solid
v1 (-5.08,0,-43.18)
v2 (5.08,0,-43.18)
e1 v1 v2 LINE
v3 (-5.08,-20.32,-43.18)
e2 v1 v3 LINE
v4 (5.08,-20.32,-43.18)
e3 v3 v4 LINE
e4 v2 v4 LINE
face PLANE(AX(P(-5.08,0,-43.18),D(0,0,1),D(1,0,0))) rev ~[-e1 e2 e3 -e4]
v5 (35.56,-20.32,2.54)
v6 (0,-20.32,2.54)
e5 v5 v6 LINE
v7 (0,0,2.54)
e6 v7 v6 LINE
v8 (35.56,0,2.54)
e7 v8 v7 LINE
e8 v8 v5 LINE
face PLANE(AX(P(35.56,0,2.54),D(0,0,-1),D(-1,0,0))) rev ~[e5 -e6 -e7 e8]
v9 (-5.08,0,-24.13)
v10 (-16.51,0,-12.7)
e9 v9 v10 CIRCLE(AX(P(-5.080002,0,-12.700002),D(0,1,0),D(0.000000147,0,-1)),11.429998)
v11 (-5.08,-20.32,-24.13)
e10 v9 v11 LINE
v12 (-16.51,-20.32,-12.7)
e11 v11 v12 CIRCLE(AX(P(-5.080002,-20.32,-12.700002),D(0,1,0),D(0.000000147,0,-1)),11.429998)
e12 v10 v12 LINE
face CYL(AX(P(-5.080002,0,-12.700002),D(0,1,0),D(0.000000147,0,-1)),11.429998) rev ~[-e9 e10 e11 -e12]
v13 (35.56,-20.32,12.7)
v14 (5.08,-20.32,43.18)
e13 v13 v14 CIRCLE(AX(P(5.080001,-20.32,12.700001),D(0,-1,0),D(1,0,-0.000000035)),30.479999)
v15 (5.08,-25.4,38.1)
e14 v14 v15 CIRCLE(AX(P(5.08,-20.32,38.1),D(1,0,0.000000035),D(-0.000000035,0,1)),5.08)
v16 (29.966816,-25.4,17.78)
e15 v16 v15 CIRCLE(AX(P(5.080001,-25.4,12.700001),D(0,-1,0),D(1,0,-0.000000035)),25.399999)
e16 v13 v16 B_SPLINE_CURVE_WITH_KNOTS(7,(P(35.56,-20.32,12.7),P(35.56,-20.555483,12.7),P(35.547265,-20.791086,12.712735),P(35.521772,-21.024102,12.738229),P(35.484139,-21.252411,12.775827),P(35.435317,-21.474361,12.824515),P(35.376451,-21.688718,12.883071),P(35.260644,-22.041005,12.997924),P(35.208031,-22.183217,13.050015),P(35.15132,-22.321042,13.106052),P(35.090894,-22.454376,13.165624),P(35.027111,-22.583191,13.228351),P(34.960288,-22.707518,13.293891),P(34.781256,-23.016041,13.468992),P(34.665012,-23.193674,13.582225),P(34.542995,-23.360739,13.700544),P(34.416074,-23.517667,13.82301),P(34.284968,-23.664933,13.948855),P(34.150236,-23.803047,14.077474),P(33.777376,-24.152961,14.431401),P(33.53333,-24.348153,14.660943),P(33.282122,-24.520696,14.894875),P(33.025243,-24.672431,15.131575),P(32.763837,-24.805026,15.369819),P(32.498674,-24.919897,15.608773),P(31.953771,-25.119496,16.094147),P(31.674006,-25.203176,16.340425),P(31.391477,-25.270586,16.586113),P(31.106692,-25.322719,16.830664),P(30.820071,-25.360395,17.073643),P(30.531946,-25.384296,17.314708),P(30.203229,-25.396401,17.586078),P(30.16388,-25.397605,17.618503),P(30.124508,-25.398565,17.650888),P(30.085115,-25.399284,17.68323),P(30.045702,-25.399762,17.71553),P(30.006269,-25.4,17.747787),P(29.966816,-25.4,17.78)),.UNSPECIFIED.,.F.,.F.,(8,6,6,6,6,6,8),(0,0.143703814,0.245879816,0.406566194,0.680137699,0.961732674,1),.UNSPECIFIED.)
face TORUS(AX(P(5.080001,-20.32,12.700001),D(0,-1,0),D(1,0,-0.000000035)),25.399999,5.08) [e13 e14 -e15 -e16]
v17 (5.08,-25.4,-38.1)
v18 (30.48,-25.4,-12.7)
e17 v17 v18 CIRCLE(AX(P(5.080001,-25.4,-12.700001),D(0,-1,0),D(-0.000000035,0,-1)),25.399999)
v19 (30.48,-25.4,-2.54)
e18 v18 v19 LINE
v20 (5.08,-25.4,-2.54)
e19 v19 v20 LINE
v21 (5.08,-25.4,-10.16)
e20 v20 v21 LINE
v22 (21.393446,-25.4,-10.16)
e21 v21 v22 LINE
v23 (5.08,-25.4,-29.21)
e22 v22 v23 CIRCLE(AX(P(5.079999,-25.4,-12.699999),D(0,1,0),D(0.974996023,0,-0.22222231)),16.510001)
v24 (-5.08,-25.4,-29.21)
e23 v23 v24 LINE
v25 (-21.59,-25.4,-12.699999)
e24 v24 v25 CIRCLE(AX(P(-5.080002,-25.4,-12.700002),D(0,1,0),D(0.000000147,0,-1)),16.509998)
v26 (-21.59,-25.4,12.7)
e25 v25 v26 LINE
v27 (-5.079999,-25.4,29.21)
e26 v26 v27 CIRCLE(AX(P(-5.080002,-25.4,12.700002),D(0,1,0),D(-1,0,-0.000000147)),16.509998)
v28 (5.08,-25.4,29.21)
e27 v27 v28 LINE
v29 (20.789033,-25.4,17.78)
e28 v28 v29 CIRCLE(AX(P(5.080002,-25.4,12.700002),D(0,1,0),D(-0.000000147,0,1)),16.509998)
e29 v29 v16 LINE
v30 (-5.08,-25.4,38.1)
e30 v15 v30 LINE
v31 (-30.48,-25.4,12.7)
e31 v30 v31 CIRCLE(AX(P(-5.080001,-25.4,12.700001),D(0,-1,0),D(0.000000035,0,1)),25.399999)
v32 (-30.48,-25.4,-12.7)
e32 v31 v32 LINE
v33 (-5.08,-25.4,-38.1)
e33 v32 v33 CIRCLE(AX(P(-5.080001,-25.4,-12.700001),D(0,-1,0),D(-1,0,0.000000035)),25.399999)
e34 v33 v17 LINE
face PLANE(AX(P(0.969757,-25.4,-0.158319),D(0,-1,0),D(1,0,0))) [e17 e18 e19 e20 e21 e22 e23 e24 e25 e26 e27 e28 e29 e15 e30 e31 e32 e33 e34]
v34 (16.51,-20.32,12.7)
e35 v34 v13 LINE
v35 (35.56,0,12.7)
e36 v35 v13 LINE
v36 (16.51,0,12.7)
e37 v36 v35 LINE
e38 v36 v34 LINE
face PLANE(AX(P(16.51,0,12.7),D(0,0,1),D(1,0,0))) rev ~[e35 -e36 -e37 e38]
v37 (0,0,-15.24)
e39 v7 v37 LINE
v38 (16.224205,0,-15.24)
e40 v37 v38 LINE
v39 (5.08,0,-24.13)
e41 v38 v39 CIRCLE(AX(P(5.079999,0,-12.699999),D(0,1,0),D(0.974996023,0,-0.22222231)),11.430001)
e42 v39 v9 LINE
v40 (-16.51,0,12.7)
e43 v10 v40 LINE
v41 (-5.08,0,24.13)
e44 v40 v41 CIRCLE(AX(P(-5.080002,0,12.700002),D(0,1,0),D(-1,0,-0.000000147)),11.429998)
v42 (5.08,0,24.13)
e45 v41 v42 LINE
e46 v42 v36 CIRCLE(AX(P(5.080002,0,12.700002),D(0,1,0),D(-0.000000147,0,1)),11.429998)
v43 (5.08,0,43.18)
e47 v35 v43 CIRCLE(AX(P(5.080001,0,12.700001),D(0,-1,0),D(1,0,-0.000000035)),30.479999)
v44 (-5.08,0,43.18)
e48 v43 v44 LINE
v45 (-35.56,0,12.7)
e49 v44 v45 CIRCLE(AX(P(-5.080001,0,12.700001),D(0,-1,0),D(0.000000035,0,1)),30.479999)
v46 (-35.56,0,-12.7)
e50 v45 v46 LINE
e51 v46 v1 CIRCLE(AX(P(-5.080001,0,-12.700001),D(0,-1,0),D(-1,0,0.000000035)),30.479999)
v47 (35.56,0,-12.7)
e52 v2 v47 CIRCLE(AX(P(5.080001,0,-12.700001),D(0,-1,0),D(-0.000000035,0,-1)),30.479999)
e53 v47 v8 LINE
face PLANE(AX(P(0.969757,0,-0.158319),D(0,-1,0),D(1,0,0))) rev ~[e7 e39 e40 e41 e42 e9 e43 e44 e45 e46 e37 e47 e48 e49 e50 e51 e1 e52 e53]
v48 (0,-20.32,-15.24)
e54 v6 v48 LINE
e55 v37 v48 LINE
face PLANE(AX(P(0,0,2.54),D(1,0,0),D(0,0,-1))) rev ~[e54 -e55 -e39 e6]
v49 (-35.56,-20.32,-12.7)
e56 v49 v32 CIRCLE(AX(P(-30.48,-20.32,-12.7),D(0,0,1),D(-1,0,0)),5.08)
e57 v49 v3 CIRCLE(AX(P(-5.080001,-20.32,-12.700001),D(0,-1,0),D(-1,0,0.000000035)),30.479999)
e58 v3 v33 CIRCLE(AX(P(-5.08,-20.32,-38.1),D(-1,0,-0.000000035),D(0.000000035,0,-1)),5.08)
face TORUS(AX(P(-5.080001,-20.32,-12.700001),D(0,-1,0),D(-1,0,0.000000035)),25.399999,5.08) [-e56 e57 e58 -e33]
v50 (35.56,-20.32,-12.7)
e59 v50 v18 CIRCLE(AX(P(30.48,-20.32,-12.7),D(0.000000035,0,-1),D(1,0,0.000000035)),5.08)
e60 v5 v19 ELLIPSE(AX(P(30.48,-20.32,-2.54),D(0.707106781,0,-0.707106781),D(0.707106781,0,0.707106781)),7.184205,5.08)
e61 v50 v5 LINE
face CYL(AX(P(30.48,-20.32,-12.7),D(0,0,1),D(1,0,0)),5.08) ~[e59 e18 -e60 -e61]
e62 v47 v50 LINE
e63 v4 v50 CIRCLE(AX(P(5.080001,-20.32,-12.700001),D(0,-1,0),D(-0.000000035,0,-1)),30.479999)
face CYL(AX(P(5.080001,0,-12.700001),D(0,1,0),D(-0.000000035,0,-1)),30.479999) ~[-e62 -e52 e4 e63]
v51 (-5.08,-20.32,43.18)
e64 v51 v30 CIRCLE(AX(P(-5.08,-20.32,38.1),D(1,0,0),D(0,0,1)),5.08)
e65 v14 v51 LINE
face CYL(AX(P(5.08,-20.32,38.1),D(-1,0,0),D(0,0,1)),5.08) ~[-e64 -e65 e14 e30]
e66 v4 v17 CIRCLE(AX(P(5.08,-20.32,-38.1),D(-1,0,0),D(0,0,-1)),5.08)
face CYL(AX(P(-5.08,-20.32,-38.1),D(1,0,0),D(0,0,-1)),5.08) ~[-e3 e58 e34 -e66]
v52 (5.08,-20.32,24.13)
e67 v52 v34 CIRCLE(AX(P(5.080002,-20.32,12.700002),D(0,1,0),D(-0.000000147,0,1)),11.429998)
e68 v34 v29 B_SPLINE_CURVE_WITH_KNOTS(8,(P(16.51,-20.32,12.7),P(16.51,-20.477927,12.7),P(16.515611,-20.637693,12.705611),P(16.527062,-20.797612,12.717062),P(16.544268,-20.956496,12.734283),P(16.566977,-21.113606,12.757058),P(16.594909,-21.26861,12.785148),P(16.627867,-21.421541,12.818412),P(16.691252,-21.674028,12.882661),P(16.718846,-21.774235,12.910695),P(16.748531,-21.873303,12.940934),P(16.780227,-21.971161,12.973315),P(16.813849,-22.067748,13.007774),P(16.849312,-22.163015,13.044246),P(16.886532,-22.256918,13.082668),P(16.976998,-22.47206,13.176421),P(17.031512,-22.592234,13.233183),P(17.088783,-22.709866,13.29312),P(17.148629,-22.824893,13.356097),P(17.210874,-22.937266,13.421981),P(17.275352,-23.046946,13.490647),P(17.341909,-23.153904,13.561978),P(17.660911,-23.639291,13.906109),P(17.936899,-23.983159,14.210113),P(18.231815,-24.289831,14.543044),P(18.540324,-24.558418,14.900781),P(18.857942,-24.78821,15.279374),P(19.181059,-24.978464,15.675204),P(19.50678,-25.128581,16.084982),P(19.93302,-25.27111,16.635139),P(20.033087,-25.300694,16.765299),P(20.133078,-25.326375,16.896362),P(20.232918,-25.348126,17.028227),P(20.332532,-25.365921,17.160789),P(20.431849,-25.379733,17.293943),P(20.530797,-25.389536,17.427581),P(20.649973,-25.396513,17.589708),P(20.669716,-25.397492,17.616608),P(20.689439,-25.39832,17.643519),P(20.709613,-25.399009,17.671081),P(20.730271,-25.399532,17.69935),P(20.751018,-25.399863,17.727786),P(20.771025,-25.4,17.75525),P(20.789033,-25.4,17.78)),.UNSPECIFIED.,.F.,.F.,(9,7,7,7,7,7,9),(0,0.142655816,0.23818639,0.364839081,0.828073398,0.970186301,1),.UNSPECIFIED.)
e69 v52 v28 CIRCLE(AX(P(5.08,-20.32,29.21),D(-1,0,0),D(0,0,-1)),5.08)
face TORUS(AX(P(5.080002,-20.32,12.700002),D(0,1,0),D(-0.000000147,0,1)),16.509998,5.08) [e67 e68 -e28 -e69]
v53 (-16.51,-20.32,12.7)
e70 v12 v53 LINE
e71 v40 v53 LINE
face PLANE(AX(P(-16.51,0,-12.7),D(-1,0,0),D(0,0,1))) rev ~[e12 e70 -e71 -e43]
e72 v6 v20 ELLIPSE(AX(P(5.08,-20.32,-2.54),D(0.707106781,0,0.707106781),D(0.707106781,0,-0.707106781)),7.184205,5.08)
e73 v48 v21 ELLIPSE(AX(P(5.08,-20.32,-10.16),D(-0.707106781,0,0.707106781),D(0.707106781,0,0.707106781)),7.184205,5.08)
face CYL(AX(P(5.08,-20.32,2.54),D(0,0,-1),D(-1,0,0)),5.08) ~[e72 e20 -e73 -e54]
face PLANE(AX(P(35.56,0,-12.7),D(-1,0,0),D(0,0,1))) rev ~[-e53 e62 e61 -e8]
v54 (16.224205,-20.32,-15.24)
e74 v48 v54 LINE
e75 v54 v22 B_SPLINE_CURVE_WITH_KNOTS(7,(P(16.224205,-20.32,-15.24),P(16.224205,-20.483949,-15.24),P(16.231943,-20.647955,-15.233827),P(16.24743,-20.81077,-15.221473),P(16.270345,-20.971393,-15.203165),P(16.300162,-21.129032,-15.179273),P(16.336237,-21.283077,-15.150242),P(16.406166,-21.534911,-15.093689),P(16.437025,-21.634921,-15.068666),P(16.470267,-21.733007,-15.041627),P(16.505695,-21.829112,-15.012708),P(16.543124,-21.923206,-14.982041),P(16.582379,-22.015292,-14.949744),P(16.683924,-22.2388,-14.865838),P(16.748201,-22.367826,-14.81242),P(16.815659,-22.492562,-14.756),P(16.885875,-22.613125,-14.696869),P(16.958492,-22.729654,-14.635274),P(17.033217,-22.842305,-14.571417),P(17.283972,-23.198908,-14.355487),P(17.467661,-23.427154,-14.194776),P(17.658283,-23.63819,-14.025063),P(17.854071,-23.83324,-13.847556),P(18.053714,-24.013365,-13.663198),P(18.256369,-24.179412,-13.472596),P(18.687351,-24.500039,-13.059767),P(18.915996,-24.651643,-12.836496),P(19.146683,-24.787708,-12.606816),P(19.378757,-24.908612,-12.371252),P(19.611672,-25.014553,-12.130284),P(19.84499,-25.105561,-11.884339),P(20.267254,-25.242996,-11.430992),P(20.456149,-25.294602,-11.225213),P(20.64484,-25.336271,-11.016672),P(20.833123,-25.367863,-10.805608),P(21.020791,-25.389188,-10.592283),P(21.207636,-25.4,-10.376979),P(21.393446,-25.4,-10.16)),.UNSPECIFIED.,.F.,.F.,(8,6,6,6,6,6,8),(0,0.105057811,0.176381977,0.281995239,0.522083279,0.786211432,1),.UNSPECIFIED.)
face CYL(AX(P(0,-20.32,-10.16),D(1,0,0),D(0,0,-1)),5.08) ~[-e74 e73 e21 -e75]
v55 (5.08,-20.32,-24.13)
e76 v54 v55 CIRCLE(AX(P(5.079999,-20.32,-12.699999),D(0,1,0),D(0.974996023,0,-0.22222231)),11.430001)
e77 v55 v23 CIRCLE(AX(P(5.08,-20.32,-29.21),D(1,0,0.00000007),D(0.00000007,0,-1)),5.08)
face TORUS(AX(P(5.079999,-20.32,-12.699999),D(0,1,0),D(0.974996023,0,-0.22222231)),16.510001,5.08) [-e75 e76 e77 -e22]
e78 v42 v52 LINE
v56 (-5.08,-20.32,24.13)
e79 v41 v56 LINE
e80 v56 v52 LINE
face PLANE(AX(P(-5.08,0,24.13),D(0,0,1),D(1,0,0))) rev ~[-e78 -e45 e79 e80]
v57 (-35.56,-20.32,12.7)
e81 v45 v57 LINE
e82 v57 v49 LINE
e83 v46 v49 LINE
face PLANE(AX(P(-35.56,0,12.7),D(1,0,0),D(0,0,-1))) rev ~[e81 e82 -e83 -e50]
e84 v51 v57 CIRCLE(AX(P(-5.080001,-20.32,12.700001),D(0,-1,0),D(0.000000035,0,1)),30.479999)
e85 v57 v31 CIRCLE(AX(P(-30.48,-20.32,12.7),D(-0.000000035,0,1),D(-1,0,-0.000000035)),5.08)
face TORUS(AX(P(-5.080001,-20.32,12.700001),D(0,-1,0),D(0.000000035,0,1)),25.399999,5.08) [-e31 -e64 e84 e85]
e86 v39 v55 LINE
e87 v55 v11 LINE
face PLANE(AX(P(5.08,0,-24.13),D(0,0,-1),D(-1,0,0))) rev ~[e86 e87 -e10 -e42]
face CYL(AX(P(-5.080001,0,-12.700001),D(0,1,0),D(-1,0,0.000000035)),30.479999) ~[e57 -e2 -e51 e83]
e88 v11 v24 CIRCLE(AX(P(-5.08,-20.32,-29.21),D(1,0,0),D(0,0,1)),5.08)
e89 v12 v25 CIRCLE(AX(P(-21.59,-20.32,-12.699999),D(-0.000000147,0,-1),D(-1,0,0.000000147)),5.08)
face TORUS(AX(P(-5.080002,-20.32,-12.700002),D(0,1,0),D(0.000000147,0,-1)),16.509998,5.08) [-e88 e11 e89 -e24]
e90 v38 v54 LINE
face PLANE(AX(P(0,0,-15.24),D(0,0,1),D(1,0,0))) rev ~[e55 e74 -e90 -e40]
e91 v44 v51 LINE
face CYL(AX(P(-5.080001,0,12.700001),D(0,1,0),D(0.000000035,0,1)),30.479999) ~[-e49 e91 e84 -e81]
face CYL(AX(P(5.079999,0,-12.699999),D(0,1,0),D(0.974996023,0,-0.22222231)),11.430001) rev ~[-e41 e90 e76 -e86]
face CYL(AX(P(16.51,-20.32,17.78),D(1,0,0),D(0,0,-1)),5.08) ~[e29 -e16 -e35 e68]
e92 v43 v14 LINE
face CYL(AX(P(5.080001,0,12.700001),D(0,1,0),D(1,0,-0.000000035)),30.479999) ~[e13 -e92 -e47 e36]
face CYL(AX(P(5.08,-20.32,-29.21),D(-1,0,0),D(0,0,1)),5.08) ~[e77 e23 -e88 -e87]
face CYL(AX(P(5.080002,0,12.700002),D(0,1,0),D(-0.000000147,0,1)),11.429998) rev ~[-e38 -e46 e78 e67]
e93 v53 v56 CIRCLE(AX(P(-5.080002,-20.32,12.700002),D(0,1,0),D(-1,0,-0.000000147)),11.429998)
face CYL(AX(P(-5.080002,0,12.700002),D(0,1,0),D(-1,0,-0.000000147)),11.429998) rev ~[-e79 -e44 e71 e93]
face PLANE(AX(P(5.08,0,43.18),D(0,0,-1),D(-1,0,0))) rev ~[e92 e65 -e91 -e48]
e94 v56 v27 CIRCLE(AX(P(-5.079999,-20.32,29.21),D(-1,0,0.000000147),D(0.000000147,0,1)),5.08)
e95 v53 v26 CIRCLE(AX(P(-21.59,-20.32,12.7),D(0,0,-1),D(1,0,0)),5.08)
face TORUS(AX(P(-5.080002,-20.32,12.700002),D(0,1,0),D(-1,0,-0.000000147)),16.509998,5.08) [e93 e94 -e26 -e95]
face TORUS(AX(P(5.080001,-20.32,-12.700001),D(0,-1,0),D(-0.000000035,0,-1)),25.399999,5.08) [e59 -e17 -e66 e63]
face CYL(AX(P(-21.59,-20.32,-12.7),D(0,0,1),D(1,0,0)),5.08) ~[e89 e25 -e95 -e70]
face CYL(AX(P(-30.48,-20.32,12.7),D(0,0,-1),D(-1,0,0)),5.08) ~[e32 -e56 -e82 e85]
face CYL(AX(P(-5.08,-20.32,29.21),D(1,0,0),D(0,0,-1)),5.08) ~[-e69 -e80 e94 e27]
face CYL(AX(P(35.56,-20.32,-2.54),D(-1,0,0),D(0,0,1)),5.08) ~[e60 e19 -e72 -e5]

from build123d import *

# Parameters (mm, degrees)
F1_DEPTH = 25.4
F2_R     = 5.08


with BuildPart() as f1:
    # F0 (on Front) → F1 (new body)
    with BuildSketch(Plane.XZ):
        with BuildLine():
            Line((5.08, 43.18), (-5.08, 43.18))
            ThreePointArc((-5.08, 43.18), (-26.632615, 34.252615), (-35.56, 12.7))
            Line((-35.56, 12.7), (-35.56, -12.7))
            ThreePointArc((-35.56, -12.7), (-26.632615, -34.252615), (-5.08, -43.18))
            Line((-5.08, -43.18), (5.08, -43.18))
            ThreePointArc((5.08, -43.18), (26.632615, -34.252615), (35.56, -12.7))
            Line((35.56, -12.7), (35.56, 0))
            Line((35.56, 0), (35.56, 2.54))
            Line((35.56, 2.54), (0, 2.54))
            Line((0, 2.54), (0, 0))
            Line((0, 0), (0, -12.7))
            Line((0, -12.7), (0, -15.24))
            Line((0, -15.24), (16.224205, -15.24))
            ThreePointArc((16.224205, -15.24), (12.207857, -21.635242), (5.08, -24.13))
            Line((5.08, -24.13), (-5.08, -24.13))
            ThreePointArc((-5.08, -24.13), (-13.162231, -20.782231), (-16.51, -12.7))
            Line((-16.51, -12.7), (-16.51, 12.7))
            ThreePointArc((-16.51, 12.7), (-13.162231, 20.782231), (-5.08, 24.13))
            Line((-5.08, 24.13), (5.08, 24.13))
            ThreePointArc((5.08, 24.13), (13.162231, 20.782231), (16.51, 12.7))
            Line((16.51, 12.7), (35.56, 12.7))
            ThreePointArc((35.56, 12.7), (26.632615, 34.252615), (5.08, 43.18))
        make_face()
    extrude(amount=F1_DEPTH)

    # F2
    f2_edges = [f1.edges().sort_by_distance(p)[0] for p in [
        (26.632615, -25.4, 34.252615),
        (-13.162231, -25.4, -20.782231),
        (8.112102, -25.4, -15.24),
        (0, -25.4, -6.35),
        (17.78, -25.4, 2.54),
        (26.035, -25.4, 12.7),
    ]]
    fillet(f2_edges, radius=F2_R)


solid = f1.part
